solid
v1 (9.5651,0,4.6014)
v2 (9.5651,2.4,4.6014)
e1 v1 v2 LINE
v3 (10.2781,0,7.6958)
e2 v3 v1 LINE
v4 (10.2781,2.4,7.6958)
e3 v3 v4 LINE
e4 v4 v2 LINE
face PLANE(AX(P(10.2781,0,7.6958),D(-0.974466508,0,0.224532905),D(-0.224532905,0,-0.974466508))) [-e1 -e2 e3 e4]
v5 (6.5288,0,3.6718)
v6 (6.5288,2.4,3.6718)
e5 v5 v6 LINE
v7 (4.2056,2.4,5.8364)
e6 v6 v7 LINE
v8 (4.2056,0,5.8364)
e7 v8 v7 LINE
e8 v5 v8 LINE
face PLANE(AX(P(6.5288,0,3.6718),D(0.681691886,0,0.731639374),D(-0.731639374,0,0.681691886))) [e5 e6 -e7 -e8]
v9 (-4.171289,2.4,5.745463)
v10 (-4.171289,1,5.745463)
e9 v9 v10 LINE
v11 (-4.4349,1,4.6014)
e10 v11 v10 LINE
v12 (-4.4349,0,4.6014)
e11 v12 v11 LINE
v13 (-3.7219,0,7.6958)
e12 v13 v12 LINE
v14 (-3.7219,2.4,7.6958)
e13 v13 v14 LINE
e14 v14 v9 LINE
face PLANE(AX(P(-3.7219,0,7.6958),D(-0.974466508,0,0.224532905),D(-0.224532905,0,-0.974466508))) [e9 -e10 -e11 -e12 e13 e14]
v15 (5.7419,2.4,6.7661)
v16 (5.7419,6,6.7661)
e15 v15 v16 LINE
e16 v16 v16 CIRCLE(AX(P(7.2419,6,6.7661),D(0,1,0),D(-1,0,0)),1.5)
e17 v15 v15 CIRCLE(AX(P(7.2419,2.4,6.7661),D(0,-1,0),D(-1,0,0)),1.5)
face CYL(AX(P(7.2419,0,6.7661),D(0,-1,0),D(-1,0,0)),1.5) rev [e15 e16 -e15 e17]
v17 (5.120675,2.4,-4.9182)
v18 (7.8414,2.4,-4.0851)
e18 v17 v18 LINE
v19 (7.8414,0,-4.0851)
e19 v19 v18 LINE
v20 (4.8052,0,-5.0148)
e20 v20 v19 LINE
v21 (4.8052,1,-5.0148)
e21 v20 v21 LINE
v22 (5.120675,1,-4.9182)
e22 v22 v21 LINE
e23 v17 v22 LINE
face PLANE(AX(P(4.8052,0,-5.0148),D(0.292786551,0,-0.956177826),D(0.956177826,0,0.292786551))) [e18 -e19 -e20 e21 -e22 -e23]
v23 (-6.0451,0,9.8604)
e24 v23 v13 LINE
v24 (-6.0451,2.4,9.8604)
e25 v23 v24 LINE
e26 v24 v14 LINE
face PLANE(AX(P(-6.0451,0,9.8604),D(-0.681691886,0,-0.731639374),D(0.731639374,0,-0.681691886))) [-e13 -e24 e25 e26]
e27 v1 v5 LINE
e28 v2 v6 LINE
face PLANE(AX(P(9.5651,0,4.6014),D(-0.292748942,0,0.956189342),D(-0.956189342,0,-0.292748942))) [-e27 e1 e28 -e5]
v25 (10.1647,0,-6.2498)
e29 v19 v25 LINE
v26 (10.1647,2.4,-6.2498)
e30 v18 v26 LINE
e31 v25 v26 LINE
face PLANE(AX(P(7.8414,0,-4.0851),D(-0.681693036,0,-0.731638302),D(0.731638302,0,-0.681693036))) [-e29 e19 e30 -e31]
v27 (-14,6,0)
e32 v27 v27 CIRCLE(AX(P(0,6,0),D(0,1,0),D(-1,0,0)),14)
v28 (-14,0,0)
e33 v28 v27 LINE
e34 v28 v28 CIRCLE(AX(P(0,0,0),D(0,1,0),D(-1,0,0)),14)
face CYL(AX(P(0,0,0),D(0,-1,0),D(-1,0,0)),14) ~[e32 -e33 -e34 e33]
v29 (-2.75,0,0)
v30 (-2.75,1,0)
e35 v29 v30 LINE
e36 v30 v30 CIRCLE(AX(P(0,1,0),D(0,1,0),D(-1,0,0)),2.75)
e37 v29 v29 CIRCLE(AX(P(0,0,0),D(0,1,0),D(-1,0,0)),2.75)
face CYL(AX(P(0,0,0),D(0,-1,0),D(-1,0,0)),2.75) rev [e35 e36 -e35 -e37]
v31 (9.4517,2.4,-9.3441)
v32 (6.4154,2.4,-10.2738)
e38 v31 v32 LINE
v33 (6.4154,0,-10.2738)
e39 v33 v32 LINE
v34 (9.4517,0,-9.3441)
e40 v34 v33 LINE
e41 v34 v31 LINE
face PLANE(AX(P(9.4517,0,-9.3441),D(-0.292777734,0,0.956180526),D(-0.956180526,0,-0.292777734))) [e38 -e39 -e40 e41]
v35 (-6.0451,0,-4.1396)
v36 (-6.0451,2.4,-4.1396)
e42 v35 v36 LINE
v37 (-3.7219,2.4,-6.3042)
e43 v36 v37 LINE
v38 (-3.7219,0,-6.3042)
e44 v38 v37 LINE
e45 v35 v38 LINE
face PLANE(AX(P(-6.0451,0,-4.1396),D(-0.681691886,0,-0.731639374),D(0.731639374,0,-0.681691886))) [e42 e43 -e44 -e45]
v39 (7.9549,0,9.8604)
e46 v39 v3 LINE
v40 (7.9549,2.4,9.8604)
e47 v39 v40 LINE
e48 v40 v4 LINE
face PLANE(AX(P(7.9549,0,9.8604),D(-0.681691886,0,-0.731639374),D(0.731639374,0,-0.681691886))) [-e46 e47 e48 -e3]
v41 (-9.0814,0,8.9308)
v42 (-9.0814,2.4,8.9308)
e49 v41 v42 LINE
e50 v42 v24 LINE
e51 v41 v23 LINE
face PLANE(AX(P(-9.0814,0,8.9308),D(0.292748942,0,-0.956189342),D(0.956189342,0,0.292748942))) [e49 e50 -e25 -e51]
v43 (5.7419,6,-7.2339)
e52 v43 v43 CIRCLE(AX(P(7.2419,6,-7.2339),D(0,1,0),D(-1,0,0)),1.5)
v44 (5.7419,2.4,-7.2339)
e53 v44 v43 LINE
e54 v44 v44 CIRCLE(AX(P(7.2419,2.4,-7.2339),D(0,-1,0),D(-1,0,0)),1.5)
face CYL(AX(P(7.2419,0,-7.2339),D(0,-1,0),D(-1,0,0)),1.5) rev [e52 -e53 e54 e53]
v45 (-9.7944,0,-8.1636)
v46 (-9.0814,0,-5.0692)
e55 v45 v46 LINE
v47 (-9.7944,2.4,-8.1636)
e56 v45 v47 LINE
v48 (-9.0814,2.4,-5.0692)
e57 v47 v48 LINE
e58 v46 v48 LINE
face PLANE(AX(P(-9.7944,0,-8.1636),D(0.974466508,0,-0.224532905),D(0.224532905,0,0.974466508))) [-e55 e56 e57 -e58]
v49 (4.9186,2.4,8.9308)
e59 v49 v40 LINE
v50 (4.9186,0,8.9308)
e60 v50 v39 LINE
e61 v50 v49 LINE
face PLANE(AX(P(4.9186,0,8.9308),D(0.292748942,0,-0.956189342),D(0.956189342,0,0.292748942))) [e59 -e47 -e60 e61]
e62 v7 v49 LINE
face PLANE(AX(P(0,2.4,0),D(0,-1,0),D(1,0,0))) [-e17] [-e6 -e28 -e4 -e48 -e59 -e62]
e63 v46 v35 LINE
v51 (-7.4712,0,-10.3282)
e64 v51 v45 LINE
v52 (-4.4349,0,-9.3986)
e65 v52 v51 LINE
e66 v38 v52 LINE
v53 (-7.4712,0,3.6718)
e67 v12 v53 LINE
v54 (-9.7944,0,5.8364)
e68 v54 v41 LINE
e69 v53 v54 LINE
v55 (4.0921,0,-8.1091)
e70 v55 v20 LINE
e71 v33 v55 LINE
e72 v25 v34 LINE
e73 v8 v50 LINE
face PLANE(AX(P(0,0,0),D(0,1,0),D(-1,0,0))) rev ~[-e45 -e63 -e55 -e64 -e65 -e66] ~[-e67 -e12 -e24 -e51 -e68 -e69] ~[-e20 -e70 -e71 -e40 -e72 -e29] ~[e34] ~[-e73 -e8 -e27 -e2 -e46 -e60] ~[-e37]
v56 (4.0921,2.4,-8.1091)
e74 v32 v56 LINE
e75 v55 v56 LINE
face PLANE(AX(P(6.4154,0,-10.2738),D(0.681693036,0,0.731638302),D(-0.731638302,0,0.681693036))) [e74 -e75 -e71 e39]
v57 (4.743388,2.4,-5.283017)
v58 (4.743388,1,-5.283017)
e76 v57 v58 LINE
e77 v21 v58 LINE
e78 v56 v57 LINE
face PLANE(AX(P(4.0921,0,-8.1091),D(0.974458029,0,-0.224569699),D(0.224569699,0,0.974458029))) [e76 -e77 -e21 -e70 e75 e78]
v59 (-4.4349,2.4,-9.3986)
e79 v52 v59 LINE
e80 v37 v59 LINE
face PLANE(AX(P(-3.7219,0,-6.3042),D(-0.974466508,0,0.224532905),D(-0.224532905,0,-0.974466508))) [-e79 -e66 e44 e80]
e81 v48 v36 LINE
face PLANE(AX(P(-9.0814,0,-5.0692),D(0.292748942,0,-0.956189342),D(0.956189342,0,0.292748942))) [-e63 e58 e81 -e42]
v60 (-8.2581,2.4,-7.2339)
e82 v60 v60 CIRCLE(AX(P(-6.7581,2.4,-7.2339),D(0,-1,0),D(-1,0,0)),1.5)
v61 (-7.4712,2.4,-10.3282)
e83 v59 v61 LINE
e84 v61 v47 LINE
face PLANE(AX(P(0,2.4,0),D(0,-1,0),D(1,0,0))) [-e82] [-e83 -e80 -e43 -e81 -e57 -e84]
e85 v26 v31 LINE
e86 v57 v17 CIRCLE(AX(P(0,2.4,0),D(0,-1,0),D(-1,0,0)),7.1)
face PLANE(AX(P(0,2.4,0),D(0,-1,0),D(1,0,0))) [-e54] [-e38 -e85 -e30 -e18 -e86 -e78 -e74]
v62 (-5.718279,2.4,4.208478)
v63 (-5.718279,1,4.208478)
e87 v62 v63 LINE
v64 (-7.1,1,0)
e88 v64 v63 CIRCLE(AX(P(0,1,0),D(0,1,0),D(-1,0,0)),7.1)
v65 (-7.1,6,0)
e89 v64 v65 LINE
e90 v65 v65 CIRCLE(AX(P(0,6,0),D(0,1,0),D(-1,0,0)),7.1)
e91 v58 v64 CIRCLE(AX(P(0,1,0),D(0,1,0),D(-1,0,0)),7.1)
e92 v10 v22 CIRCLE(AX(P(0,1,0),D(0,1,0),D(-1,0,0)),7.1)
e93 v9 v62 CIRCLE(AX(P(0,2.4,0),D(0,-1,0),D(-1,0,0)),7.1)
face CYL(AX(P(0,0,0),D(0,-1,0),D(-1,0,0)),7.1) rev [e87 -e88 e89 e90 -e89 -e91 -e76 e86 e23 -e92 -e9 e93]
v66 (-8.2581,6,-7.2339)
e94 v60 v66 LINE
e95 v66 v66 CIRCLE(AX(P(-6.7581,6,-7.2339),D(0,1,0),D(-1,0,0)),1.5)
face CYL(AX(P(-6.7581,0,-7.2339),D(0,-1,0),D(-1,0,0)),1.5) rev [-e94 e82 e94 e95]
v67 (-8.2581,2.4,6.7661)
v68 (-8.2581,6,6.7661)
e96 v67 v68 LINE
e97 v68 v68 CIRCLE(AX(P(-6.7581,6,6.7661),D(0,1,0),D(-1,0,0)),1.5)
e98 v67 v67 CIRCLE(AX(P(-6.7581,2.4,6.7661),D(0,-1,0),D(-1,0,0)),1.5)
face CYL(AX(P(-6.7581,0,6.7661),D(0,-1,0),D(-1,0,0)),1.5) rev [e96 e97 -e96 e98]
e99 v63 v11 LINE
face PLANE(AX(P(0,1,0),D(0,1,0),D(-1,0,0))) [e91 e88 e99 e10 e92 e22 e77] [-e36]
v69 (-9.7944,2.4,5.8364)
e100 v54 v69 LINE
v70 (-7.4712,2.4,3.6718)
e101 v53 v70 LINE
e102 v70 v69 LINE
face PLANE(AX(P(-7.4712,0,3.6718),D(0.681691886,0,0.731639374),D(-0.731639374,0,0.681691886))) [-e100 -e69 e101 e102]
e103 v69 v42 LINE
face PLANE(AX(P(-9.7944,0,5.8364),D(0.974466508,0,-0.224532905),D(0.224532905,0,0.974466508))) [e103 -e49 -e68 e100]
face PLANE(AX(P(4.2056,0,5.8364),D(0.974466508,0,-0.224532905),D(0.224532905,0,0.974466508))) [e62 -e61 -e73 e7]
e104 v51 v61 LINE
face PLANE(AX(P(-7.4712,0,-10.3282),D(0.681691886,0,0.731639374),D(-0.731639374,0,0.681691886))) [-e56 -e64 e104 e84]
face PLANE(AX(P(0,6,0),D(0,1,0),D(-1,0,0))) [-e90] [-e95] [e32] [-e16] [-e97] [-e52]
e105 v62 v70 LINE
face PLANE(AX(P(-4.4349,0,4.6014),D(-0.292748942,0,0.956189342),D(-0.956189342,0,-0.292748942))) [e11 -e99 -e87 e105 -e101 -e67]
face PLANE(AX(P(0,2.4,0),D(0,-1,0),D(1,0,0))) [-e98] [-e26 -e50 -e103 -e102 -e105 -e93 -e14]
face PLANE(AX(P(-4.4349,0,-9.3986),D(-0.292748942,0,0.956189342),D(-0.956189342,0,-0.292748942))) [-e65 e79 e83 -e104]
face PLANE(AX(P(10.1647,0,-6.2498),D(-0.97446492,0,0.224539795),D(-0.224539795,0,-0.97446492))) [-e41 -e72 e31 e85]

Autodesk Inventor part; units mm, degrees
ref_plane "YZ Plane" through (0, 0, 0) normal (1, 0, 0) x (0, 1, 0)
ref_plane "XZ Plane" through (0, 0, 0) normal (0, 1, 0) x (-1, 0, 0)
ref_plane "XY Plane" through (0, 0, 0) normal (0, 0, 1) x (1, 0, 0)
sketch "Эскиз1" plane through (0, 0, 0) normal (0, 1, 0) x (-1, 0, 0)
  circle A0 centre (0, 0) radius 14
  circle A1 centre (0, 0) radius 7.1
  circle A2 centre (6.7581, 6.7661) radius 1.5 projected
  circle A3 centre (-7.2419, -7.2339) radius 1.5 projected
  circle A4 centre (-7.2419, 6.7661) radius 1.5 projected
  circle A5 centre (6.7581, -7.2339) radius 1.5 projected
  circle A6 centre (0, 0) radius 2.75
  dimension "d0" = 28
  dimension "d1" = 14.2
  dimension "d4" = 5.5
extrude "Выдавливание2" add sketch "Эскиз1" along normal blind 6 contours A0
extrude "Выдавливание3" add sketch "Эскиз1" along normal blind 1 contours A1
sketch "Эскиз2" plane through (0, 0, 0) normal (0, -1, 0) x (1, 0, 0)
  line L0 (-9.0814, -5.0692) -> (-6.0451, -4.1396)
  line L1 (-6.0451, -4.1396) -> (-3.7219, -6.3042)
  line L2 (-3.7219, -6.3042) -> (-4.4349, -9.3986)
  line L3 (-4.4349, -9.3986) -> (-7.4712, -10.3282)
  line L4 (-7.4712, -10.3282) -> (-9.7944, -8.1636)
  line L5 (-9.7944, -8.1636) -> (-9.0814, -5.0692)
  circle A0 centre (-6.7581, -7.2339) radius 1.5 projected
  circle A1 centre (-6.7581, 6.7661) radius 1.5 projected
  circle A2 centre (7.2419, 6.7661) radius 1.5 projected
  circle A3 centre (7.2419, -7.2339) radius 1.5 projected
  line L6 (-9.0814, 8.9308) -> (-6.0451, 9.8604)
  line L7 (-6.0451, 9.8604) -> (-3.7219, 7.6958)
  line L8 (-3.7219, 7.6958) -> (-4.4349, 4.6014)
  line L9 (-4.4349, 4.6014) -> (-7.4712, 3.6718)
  line L10 (-7.4712, 3.6718) -> (-9.7944, 5.8364)
  line L11 (-9.7944, 5.8364) -> (-9.0814, 8.9308)
  line L12 (4.9186, 8.9308) -> (7.9549, 9.8604)
  line L13 (7.9549, 9.8604) -> (10.2781, 7.6958)
  line L14 (10.2781, 7.6958) -> (9.5651, 4.6014)
  line L15 (9.5651, 4.6014) -> (6.5288, 3.6718)
  line L16 (6.5288, 3.6718) -> (4.2056, 5.8364)
  line L17 (4.2056, 5.8364) -> (4.9186, 8.9308)
  line L18 (4.8052, -5.0148) -> (7.8414, -4.0851)
  line L19 (7.8414, -4.0851) -> (10.1647, -6.2498)
  line L20 (10.1647, -6.2498) -> (9.4517, -9.3441)
  line L21 (9.4517, -9.3441) -> (6.4154, -10.2738)
  line L22 (6.4154, -10.2738) -> (4.0921, -8.1091)
  line L23 (4.0921, -8.1091) -> (4.8052, -5.0148)
  line L24 (-9.0814, -5.0692) -> (-6.0451, -4.1396)
  line L25 (-6.0451, -4.1396) -> (-3.7219, -6.3042)
  line L26 (-3.7219, -6.3042) -> (-4.4349, -9.3986)
  line L27 (-4.4349, -9.3986) -> (-7.4712, -10.3282)
  line L28 (-7.4712, -10.3282) -> (-9.7944, -8.1636)
  line L29 (-9.7944, -8.1636) -> (-9.0814, -5.0692)
  point P0 (0, 0)
  dimension "d9" = 5.5
  dimension "d12" = 5.5
  dimension "d13" = 5.5
  dimension "d14" = 5.5
  dimension "d15" = 5.5
extrude "Выдавливание4" cut sketch "Эскиз2" against normal blind 2.4 contours L0 L1 L2 L3 L4 L5 | A1 | L6 L7 L8 L9 L10 L11 | L12 L13 L14 L15 L16 L17 | L18 L19 L20 L21 L22 L23
properties part number "rhtgt; gjlibgybrf"
